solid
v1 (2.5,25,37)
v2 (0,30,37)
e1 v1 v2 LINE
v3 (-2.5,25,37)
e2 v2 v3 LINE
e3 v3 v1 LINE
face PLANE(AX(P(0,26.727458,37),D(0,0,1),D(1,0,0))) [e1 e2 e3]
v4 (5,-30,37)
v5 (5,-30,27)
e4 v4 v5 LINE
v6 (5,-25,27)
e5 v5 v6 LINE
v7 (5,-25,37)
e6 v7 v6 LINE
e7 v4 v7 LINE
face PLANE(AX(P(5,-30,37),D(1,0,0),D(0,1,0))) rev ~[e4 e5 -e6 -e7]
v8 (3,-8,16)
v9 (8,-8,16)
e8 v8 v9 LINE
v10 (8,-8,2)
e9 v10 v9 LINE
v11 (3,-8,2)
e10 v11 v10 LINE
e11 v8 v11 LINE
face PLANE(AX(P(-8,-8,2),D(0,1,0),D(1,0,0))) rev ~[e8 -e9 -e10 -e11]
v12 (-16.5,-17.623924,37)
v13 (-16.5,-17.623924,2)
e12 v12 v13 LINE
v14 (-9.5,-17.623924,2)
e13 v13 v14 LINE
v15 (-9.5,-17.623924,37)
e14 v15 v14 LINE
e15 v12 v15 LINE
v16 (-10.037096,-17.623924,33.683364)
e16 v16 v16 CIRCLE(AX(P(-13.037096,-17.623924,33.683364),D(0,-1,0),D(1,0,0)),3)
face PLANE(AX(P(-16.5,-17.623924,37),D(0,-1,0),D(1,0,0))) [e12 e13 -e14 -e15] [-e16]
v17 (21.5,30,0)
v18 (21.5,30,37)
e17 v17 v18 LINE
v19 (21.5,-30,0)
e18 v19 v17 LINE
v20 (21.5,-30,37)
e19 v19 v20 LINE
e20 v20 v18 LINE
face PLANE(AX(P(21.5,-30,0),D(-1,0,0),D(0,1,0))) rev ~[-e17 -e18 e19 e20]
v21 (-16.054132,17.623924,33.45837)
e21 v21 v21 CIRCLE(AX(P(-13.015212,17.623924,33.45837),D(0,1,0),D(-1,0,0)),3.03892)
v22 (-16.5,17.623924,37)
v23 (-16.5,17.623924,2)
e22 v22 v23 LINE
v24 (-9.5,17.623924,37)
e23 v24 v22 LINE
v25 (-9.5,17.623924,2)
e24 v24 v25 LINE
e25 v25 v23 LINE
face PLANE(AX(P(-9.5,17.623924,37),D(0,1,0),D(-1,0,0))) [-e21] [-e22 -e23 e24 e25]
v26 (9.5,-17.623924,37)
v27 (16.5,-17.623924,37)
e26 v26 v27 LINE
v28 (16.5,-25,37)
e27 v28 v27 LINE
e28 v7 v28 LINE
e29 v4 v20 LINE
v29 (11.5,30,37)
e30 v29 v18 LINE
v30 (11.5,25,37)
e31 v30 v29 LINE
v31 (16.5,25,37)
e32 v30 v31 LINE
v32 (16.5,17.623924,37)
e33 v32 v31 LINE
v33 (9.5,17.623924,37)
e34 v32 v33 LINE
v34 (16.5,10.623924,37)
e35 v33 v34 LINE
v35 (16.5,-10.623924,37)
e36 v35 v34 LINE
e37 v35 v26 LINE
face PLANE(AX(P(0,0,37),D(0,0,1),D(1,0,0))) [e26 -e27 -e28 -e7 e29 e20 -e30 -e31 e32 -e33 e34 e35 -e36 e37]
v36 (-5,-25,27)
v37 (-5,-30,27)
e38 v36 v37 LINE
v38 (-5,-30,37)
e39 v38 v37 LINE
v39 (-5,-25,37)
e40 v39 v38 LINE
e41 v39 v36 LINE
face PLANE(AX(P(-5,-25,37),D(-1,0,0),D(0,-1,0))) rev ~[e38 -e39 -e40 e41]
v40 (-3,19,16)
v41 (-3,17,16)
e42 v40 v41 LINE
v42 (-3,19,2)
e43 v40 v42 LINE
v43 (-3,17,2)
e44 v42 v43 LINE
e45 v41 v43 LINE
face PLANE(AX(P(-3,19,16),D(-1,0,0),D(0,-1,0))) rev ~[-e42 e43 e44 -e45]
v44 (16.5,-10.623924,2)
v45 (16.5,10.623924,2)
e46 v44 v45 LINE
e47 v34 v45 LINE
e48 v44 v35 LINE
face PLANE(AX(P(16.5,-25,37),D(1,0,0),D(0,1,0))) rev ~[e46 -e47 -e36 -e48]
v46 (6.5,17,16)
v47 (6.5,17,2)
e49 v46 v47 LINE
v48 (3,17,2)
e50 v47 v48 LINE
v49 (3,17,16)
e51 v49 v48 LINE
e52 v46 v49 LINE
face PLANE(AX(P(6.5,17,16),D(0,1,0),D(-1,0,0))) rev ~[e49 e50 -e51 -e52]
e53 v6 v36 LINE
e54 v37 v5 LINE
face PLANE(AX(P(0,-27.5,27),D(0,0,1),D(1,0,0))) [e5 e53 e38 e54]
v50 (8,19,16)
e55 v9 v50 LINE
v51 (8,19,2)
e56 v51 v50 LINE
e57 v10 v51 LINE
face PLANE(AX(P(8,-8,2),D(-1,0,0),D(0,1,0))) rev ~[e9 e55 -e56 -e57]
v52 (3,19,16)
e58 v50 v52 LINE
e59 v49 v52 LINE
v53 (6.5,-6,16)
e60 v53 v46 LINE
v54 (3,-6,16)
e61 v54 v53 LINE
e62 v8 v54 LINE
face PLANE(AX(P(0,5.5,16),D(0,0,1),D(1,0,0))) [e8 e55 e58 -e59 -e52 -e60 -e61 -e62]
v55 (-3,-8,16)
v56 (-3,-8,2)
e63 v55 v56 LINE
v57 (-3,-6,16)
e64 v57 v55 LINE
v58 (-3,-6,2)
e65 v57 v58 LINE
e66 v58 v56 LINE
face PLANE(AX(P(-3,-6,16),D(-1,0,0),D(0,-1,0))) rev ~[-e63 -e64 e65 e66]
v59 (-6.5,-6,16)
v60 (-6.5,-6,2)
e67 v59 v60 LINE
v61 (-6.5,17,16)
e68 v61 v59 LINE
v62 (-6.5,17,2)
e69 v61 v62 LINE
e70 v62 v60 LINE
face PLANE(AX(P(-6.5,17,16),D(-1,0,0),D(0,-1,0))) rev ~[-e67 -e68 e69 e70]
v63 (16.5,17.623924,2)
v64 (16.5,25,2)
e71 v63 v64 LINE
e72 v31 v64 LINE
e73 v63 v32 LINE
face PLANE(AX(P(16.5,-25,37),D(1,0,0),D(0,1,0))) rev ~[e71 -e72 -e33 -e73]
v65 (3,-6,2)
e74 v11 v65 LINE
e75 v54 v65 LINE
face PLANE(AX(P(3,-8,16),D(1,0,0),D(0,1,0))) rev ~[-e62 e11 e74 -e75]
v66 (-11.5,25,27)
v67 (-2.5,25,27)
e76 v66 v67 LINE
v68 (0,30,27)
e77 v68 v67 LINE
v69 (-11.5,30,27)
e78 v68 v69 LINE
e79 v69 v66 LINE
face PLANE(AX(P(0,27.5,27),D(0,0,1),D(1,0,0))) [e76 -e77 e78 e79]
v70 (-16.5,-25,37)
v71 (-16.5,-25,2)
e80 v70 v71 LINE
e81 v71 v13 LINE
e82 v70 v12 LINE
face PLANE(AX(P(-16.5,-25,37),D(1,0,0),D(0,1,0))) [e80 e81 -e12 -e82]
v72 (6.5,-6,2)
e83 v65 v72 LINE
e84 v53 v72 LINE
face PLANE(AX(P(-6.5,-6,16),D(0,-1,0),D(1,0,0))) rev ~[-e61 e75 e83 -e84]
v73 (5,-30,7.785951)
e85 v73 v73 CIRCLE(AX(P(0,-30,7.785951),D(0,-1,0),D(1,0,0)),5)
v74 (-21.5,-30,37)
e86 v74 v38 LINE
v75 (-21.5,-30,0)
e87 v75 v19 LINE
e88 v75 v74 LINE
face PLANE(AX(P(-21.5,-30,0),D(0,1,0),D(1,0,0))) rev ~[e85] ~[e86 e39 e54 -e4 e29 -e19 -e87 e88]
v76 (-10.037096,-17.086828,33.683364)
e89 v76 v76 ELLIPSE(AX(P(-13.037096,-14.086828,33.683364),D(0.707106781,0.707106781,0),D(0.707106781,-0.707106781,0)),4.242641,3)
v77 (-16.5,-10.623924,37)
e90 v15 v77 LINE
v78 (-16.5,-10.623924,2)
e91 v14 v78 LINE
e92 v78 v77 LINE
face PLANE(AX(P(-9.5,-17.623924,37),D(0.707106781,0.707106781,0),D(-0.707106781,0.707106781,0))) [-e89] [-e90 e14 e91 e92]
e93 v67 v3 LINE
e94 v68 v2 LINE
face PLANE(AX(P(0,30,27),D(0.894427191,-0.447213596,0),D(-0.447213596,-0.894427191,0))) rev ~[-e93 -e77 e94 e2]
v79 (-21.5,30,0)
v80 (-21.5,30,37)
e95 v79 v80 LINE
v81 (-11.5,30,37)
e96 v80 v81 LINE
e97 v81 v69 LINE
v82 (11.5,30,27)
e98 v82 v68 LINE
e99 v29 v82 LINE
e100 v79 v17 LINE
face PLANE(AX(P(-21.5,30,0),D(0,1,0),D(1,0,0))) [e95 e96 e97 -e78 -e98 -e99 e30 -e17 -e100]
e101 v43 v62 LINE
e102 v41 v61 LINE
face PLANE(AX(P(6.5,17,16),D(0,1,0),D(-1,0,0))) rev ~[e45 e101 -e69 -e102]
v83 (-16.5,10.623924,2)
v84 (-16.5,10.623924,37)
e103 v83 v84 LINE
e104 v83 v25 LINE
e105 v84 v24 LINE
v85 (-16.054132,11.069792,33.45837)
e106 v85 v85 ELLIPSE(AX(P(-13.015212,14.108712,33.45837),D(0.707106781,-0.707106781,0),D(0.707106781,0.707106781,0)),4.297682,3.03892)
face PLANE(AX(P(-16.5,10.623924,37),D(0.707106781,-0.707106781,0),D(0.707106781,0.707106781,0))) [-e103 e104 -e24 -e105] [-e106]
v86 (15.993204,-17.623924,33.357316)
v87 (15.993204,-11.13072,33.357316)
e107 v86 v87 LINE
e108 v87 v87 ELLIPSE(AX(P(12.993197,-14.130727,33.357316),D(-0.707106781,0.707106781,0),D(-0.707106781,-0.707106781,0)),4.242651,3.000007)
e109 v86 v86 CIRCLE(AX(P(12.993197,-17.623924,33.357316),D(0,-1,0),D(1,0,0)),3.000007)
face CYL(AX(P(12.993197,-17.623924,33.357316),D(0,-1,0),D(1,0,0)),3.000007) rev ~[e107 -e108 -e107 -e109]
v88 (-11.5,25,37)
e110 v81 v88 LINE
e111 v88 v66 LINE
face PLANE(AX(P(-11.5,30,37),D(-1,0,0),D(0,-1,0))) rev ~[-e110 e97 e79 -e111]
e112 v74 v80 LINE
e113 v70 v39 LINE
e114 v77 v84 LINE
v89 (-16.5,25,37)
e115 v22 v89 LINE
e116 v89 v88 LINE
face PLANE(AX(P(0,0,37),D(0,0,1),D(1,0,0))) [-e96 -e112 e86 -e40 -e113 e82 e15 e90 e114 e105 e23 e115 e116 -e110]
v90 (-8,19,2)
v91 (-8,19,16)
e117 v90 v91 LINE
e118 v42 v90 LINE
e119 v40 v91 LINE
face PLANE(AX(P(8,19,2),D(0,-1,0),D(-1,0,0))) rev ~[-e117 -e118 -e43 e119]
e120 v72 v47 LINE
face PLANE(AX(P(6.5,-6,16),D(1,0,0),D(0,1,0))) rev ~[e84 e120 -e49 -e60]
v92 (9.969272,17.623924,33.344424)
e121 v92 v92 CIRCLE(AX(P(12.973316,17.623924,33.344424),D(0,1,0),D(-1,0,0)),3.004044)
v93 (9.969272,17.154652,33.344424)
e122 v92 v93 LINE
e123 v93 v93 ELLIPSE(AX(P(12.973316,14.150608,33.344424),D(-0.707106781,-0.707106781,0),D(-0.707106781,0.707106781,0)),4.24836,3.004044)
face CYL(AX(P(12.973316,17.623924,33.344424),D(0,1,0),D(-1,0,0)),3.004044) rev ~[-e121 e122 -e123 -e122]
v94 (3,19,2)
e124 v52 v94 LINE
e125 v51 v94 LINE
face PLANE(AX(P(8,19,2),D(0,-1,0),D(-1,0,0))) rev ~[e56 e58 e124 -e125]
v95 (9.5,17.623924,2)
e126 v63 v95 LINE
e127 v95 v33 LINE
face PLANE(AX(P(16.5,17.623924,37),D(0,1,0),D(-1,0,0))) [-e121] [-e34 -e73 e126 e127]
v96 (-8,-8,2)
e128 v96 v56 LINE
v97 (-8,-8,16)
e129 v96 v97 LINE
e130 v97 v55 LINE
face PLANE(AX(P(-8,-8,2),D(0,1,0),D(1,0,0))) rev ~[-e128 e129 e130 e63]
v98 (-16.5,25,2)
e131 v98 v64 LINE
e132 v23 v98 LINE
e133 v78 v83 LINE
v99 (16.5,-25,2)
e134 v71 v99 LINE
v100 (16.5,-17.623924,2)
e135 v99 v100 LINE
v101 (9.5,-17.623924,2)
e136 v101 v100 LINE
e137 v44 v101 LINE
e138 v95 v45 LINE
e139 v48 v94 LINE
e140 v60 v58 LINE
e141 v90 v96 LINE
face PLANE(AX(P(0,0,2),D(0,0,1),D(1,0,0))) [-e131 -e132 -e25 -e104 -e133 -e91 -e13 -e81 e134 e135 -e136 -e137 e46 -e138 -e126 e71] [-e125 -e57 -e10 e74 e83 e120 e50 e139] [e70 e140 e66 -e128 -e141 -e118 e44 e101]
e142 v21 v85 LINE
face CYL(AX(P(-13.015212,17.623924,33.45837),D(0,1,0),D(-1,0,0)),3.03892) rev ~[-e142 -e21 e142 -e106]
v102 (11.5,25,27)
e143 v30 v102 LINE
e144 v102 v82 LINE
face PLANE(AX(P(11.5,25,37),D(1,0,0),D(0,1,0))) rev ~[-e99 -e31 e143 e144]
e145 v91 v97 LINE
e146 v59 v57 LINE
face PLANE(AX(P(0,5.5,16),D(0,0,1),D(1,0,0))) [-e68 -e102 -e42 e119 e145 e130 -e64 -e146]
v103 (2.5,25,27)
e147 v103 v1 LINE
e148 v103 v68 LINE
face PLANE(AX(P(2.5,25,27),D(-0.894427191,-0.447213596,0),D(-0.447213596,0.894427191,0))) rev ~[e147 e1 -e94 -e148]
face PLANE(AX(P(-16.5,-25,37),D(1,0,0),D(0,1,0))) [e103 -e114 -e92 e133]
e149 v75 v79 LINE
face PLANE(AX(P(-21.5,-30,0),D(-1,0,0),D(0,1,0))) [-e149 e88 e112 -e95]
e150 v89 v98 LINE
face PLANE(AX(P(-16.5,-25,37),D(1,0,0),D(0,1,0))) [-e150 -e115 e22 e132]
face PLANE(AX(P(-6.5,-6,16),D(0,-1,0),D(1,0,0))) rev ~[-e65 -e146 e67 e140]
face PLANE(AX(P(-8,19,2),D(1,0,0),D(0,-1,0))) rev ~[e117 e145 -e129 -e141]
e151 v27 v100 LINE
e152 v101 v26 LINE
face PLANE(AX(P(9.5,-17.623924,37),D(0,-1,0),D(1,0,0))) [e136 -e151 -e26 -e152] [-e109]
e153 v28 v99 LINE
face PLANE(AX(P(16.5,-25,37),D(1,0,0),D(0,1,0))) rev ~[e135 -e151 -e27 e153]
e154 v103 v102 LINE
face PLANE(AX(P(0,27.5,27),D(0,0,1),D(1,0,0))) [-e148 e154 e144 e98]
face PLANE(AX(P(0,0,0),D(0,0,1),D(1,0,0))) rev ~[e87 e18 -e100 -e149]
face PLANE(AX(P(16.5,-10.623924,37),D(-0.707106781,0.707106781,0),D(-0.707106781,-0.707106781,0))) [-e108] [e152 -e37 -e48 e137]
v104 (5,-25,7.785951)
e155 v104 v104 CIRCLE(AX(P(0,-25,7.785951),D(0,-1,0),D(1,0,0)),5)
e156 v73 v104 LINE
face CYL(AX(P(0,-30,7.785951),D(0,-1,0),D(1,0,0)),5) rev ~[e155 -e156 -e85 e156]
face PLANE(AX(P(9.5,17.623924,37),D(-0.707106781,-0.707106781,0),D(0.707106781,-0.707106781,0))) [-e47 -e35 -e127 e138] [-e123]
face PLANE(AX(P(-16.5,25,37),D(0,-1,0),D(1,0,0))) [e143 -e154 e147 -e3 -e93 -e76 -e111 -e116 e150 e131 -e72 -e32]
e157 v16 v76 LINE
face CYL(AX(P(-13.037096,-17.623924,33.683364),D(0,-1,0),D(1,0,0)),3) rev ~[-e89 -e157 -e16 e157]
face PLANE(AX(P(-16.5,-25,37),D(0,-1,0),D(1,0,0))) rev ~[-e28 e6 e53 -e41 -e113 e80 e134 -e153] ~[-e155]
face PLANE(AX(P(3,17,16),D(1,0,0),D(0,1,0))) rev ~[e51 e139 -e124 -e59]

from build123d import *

# Parameters (mm, degrees)
F0_W      = 43
F0_H      = 60
F1_DEPTH  = 37
F2_W      = 33
F2_H      = 50
F3_DEPTH  = 35
F5_DEPTH  = 10
F7_DEPTH  = 10
F9_DEPTH  = 10
F12_DEPTH = 14
F14_DEPTH = 14
F16_DEPTH = 14
F18_DEPTH = 14
F19_R     = 5
F20_DEPTH = 6
F22_DEPTH = 33
F23_DEPTH = 33
F24_DEPTH = 33
F25_DEPTH = 33
F26_R     = 3.000008
F27_DEPTH = 15
F28_R     = 3.025892
F29_DEPTH = 15
F30_R     = 3
F31_DEPTH = 15
F32_R     = 3
F33_DEPTH = 15
F34_DEPTH = 35
F35_R     = 3
F36_DEPTH = 10
F37_R     = 3.000007
F38_DEPTH = 10
F39_R     = 3.004044
F40_DEPTH = 10
F41_R     = 3.03892
F42_DEPTH = 10


with BuildPart() as f1:
    # F0 (on Top) → F1 (new body)
    with BuildSketch(Plane.XY):
        Rectangle(F0_W, F0_H)
    extrude(amount=F1_DEPTH)

    # F2 (on face) → F3 (cut)
    with BuildSketch(Plane.XY.offset(37)):
        Rectangle(F2_W, F2_H)
    extrude(amount=-F3_DEPTH, mode=Mode.SUBTRACT)

    # F4 (on face) → F5 (cut)
    with BuildSketch(Plane.XY.offset(37)):
        Polygon((11.5, 30), (0, 30), (-11.5, 30), (-11.5, 25), (0, 25), (11.5, 25), align=None)
    extrude(amount=-F5_DEPTH, mode=Mode.SUBTRACT)

    # F6 (on face) → F7 (join)
    with BuildSketch(Plane.XY.offset(27)):
        Polygon((2.5, 25), (0, 30), (-2.5, 25), (0, 25), align=None)
    extrude(amount=F7_DEPTH)

    # F8 (on face) → F9 (cut)
    with BuildSketch(Plane.XY.offset(37)):
        Polygon((5, -25), (0, -25), (-5, -25), (-5, -30), (0, -30), (5, -30), align=None)
    extrude(amount=-F9_DEPTH, mode=Mode.SUBTRACT)

    # F11 (on face) → F12 (join)
    with BuildSketch(Plane.XY.offset(2)):
        Polygon((8, 19), (0, 19), (-8, 19), (-8, 0), (-8, -8), (0, -8), (8, -8), (8, 0), align=None)
    extrude(amount=F12_DEPTH)

    # F13 (on face) → F14 (cut)
    with BuildSketch(Plane.XY.offset(16)):
        Polygon((6.5, 17), (0, 17), (-6.5, 17), (-6.5, 0), (-6.5, -6), (0, -6), (6.5, -6), (6.5, 0), align=None)
    extrude(amount=-F14_DEPTH, mode=Mode.SUBTRACT)

    # F15 (on face) → F16 (cut)
    with BuildSketch(Plane.XY.offset(16)):
        Polygon((3, 19), (0, 19), (-3, 19), (-3, 17), (0, 17), (3, 17), align=None)
    extrude(amount=-F16_DEPTH, mode=Mode.SUBTRACT)

    # F17 (on face) → F18 (cut)
    with BuildSketch(Plane.XY.offset(16)):
        Polygon((3, -6), (0, -6), (-3, -6), (-3, -8), (0, -8), (3, -8), align=None)
    extrude(amount=-F18_DEPTH, mode=Mode.SUBTRACT)

    # F19 (on face) → F20 (cut)
    with BuildSketch(Plane.XZ.offset(30)):
        with Locations((0, 7.785951)):
            Circle(F19_R)
    extrude(amount=-F20_DEPTH, mode=Mode.SUBTRACT)

    # F21 (on face) → F22 (join)
    with BuildSketch(Plane.XY.offset(37)):
        Polygon((-16.5, -10.623924), (-16.5, -17.623924), (-9.5, -17.623924), align=None)
    extrude(amount=-F22_DEPTH)

    # F21 (on face) → F23 (join)
    with BuildSketch(Plane.XY.offset(37)):
        Polygon((16.5, -17.623924), (16.5, -10.623924), (9.5, -17.623924), align=None)
    extrude(amount=-F23_DEPTH)

    # F21 (on face) → F24 (join)
    with BuildSketch(Plane.XY.offset(37)):
        Polygon((-9.5, 17.623924), (-16.5, 17.623924), (-16.5, 10.623924), align=None)
    extrude(amount=-F24_DEPTH)

    # F21 (on face) → F25 (join)
    with BuildSketch(Plane.XY.offset(37)):
        Polygon((9.5, 17.623924), (16.5, 10.623924), (16.5, 17.623924), align=None)
    extrude(amount=-F25_DEPTH)

    # F26 (on face) → F27 (cut)
    with BuildSketch(Plane.XZ.offset(17.623924)):
        with Locations((-13.006919, 32.922085)):
            Circle(F26_R)
    extrude(amount=-F27_DEPTH, mode=Mode.SUBTRACT)

    # F28 (on face) → F29 (cut)
    with BuildSketch(Plane.XZ.offset(17.623924)):
        with Locations((13.051108, 32.73694)):
            Circle(F28_R)
    extrude(amount=-F29_DEPTH, mode=Mode.SUBTRACT)

    # F30 (on face) → F31 (cut)
    with BuildSketch(Plane(origin=(0, 17.623924, 0), x_dir=(-1, 0, 0), z_dir=(0, 1, 0))):
        with Locations((-12.977869, 32.83175)):
            Circle(F30_R)
    extrude(amount=-F31_DEPTH, mode=Mode.SUBTRACT)

    # F32 (on face) → F33 (cut)
    with BuildSketch(Plane(origin=(0, 17.623924, 0), x_dir=(-1, 0, 0), z_dir=(0, 1, 0))):
        with Locations((13.297083, 33.348583)):
            Circle(F32_R)
    extrude(amount=-F33_DEPTH, mode=Mode.SUBTRACT)

    # F21 (on face) → F34 (join)
    with BuildSketch(Plane.XY.offset(37)):
        Polygon((-16.5, -10.623924), (-16.5, -17.623924), (-9.5, -17.623924), align=None)
        Polygon((16.5, -17.623924), (16.5, -10.623924), (9.5, -17.623924), align=None)
        Polygon((-9.5, 17.623924), (-16.5, 17.623924), (-16.5, 10.623924), align=None)
        Polygon((9.5, 17.623924), (16.5, 10.623924), (16.5, 17.623924), align=None)
    extrude(amount=-F34_DEPTH)

    # F35 (on face) → F36 (cut)
    with BuildSketch(Plane.XZ.offset(17.623924)):
        with Locations((-13.037096, 33.683364)):
            Circle(F35_R)
    extrude(amount=-F36_DEPTH, mode=Mode.SUBTRACT)

    # F37 (on face) → F38 (cut)
    with BuildSketch(Plane.XZ.offset(17.623924)):
        with Locations((12.993197, 33.357316)):
            Circle(F37_R)
    extrude(amount=-F38_DEPTH, mode=Mode.SUBTRACT)

    # F39 (on face) → F40 (cut)
    with BuildSketch(Plane(origin=(0, 17.623924, 0), x_dir=(-1, 0, 0), z_dir=(0, 1, 0))):
        with Locations((-12.973316, 33.344424)):
            Circle(F39_R)
    extrude(amount=-F40_DEPTH, mode=Mode.SUBTRACT)

    # F41 (on face) → F42 (cut)
    with BuildSketch(Plane(origin=(0, 17.623924, 0), x_dir=(-1, 0, 0), z_dir=(0, 1, 0))):
        with Locations((13.015212, 33.45837)):
            Circle(F41_R)
    extrude(amount=-F42_DEPTH, mode=Mode.SUBTRACT)


solid = f1.part
